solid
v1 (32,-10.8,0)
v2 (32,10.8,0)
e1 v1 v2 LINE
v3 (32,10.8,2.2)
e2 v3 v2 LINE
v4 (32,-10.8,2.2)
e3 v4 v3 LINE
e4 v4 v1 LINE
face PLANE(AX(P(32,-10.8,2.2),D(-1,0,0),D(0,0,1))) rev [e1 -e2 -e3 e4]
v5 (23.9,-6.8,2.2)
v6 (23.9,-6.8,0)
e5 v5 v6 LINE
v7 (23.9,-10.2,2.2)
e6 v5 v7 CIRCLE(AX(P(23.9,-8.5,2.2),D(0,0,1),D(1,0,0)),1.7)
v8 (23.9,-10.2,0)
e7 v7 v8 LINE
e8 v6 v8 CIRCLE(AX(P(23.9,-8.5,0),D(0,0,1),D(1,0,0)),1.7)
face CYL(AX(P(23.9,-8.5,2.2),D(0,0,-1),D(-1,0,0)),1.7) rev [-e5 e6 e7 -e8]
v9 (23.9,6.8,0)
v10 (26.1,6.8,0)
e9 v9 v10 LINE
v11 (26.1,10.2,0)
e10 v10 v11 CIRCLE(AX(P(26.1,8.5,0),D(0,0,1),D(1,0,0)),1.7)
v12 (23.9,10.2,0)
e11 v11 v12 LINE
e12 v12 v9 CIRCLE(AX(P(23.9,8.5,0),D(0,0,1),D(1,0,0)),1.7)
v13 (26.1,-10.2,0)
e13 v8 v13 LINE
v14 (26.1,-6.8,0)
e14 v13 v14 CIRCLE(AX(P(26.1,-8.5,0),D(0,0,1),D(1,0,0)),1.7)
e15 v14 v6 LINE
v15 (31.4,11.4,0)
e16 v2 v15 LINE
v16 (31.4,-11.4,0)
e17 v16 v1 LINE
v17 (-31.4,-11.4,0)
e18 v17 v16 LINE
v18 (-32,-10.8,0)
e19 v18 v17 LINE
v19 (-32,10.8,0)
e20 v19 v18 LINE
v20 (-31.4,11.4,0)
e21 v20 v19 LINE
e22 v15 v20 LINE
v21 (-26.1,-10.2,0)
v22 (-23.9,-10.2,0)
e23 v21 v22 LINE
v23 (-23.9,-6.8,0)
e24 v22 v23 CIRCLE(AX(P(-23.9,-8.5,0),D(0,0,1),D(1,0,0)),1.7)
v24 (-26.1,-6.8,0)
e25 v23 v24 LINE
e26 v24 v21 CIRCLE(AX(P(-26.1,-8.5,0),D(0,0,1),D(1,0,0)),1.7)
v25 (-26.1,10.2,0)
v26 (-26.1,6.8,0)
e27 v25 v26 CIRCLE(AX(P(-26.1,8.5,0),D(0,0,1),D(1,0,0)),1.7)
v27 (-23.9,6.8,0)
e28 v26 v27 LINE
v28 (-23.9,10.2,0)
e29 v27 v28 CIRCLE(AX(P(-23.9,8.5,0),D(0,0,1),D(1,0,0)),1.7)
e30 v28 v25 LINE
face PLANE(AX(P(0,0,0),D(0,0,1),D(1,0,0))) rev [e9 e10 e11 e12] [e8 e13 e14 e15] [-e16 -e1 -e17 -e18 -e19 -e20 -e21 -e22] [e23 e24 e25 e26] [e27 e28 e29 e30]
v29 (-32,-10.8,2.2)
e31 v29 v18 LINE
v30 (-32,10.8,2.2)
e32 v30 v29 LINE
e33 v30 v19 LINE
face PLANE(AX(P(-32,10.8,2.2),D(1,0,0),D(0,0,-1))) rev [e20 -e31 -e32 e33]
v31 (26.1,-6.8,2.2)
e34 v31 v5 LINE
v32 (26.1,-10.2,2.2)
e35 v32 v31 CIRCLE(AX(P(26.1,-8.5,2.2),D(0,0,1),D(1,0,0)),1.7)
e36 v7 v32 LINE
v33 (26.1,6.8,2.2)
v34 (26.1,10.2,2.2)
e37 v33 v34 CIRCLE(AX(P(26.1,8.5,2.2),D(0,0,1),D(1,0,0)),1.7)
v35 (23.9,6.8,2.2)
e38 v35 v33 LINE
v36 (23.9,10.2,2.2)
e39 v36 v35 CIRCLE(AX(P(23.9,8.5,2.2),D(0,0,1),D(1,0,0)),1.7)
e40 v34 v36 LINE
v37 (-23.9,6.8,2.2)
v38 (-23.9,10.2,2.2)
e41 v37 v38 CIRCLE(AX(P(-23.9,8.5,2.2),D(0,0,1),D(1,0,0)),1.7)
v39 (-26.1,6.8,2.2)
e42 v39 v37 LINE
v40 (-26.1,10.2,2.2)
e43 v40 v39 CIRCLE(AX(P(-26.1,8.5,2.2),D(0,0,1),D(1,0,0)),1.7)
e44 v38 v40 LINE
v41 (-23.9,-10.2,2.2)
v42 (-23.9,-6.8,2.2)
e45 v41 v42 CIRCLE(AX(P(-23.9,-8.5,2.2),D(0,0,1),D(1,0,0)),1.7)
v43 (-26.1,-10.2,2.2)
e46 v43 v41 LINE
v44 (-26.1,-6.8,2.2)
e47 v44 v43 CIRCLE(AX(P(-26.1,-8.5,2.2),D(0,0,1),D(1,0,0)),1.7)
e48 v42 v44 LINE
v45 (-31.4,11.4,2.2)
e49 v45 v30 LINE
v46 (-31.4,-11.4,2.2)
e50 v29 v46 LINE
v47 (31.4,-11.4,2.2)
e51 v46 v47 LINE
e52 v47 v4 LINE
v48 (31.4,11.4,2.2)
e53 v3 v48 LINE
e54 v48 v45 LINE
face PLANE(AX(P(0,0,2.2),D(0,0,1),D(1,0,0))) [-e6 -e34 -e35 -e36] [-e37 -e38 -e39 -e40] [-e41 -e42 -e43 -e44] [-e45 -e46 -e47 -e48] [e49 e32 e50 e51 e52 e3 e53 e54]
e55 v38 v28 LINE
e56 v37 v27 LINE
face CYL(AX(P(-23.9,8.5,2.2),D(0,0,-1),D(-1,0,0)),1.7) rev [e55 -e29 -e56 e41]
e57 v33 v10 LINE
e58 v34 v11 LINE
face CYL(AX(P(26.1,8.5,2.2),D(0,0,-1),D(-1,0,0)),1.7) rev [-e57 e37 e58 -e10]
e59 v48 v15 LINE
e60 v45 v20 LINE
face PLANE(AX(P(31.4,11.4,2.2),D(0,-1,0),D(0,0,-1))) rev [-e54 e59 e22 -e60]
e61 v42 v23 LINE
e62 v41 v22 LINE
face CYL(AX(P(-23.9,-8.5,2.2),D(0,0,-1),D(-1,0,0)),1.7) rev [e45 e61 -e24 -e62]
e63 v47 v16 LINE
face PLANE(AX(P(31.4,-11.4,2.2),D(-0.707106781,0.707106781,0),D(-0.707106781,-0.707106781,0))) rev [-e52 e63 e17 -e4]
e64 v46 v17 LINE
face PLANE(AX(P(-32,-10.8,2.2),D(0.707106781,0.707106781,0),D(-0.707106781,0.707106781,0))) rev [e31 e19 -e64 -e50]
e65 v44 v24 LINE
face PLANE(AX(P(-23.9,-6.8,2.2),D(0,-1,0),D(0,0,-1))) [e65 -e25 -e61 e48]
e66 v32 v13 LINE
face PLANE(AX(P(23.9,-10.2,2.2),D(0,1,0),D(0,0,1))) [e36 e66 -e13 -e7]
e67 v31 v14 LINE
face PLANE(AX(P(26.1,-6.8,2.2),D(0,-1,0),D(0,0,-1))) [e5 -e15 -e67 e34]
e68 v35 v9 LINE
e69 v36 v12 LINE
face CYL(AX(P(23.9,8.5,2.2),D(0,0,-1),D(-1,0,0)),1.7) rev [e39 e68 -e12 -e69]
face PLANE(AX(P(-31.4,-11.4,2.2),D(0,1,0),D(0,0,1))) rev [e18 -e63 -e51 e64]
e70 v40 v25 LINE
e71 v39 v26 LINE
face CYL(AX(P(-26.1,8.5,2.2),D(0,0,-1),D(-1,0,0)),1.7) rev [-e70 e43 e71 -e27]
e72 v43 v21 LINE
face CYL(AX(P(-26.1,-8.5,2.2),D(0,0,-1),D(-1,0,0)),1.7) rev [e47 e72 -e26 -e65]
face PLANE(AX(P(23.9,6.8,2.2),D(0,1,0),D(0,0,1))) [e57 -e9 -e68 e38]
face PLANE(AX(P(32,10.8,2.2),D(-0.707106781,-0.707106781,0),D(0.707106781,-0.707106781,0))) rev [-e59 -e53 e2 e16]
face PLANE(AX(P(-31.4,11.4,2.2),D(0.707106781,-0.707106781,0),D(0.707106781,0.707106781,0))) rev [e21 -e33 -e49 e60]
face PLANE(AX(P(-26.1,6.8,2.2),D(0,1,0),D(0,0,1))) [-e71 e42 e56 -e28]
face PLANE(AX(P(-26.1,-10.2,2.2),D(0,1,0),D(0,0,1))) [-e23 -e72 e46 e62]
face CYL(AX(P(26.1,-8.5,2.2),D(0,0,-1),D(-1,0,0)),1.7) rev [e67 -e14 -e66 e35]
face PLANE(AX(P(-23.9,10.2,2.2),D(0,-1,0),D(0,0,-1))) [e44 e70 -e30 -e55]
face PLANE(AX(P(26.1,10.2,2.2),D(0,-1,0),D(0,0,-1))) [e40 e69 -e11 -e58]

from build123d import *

# Parameters (mm, degrees)
FOUR_3_4_MM_POWER_PCB_SLOTS_NOMINAL_PA_DEPTH = 2.2


with BuildPart() as part:
    # Four 3.4 mm power PCB slots - nomina 2 → Four 3.4 mm power PCB slots - nominal pa (new body)
    with BuildSketch(Plane.XY):
        Polygon((-31.4, -11.4), (31.4, -11.4), (32, -10.8), (32, 10.8), (31.4, 11.4), (-31.4, 11.4), (-32, 10.8), (-32, -10.8), align=None)
        with BuildLine():
            Line((-26.1, -10.2), (-23.9, -10.2))
            ThreePointArc((-23.9, -10.2), (-22.2, -8.5), (-23.9, -6.8))
            Line((-23.9, -6.8), (-26.1, -6.8))
            ThreePointArc((-26.1, -6.8), (-27.8, -8.5), (-26.1, -10.2))
        make_face(mode=Mode.SUBTRACT)
        with BuildLine():
            Line((-26.1, 6.8), (-23.9, 6.8))
            ThreePointArc((-23.9, 6.8), (-22.2, 8.5), (-23.9, 10.2))
            Line((-23.9, 10.2), (-26.1, 10.2))
            ThreePointArc((-26.1, 10.2), (-27.8, 8.5), (-26.1, 6.8))
        make_face(mode=Mode.SUBTRACT)
        with BuildLine():
            Line((23.9, -10.2), (26.1, -10.2))
            ThreePointArc((26.1, -10.2), (27.8, -8.5), (26.1, -6.8))
            Line((26.1, -6.8), (23.9, -6.8))
            ThreePointArc((23.9, -6.8), (22.2, -8.5), (23.9, -10.2))
        make_face(mode=Mode.SUBTRACT)
        with BuildLine():
            Line((23.9, 6.8), (26.1, 6.8))
            ThreePointArc((26.1, 6.8), (27.8, 8.5), (26.1, 10.2))
            Line((26.1, 10.2), (23.9, 10.2))
            ThreePointArc((23.9, 10.2), (22.2, 8.5), (23.9, 6.8))
        make_face(mode=Mode.SUBTRACT)
    extrude(amount=FOUR_3_4_MM_POWER_PCB_SLOTS_NOMINAL_PA_DEPTH)


solid = part.part
